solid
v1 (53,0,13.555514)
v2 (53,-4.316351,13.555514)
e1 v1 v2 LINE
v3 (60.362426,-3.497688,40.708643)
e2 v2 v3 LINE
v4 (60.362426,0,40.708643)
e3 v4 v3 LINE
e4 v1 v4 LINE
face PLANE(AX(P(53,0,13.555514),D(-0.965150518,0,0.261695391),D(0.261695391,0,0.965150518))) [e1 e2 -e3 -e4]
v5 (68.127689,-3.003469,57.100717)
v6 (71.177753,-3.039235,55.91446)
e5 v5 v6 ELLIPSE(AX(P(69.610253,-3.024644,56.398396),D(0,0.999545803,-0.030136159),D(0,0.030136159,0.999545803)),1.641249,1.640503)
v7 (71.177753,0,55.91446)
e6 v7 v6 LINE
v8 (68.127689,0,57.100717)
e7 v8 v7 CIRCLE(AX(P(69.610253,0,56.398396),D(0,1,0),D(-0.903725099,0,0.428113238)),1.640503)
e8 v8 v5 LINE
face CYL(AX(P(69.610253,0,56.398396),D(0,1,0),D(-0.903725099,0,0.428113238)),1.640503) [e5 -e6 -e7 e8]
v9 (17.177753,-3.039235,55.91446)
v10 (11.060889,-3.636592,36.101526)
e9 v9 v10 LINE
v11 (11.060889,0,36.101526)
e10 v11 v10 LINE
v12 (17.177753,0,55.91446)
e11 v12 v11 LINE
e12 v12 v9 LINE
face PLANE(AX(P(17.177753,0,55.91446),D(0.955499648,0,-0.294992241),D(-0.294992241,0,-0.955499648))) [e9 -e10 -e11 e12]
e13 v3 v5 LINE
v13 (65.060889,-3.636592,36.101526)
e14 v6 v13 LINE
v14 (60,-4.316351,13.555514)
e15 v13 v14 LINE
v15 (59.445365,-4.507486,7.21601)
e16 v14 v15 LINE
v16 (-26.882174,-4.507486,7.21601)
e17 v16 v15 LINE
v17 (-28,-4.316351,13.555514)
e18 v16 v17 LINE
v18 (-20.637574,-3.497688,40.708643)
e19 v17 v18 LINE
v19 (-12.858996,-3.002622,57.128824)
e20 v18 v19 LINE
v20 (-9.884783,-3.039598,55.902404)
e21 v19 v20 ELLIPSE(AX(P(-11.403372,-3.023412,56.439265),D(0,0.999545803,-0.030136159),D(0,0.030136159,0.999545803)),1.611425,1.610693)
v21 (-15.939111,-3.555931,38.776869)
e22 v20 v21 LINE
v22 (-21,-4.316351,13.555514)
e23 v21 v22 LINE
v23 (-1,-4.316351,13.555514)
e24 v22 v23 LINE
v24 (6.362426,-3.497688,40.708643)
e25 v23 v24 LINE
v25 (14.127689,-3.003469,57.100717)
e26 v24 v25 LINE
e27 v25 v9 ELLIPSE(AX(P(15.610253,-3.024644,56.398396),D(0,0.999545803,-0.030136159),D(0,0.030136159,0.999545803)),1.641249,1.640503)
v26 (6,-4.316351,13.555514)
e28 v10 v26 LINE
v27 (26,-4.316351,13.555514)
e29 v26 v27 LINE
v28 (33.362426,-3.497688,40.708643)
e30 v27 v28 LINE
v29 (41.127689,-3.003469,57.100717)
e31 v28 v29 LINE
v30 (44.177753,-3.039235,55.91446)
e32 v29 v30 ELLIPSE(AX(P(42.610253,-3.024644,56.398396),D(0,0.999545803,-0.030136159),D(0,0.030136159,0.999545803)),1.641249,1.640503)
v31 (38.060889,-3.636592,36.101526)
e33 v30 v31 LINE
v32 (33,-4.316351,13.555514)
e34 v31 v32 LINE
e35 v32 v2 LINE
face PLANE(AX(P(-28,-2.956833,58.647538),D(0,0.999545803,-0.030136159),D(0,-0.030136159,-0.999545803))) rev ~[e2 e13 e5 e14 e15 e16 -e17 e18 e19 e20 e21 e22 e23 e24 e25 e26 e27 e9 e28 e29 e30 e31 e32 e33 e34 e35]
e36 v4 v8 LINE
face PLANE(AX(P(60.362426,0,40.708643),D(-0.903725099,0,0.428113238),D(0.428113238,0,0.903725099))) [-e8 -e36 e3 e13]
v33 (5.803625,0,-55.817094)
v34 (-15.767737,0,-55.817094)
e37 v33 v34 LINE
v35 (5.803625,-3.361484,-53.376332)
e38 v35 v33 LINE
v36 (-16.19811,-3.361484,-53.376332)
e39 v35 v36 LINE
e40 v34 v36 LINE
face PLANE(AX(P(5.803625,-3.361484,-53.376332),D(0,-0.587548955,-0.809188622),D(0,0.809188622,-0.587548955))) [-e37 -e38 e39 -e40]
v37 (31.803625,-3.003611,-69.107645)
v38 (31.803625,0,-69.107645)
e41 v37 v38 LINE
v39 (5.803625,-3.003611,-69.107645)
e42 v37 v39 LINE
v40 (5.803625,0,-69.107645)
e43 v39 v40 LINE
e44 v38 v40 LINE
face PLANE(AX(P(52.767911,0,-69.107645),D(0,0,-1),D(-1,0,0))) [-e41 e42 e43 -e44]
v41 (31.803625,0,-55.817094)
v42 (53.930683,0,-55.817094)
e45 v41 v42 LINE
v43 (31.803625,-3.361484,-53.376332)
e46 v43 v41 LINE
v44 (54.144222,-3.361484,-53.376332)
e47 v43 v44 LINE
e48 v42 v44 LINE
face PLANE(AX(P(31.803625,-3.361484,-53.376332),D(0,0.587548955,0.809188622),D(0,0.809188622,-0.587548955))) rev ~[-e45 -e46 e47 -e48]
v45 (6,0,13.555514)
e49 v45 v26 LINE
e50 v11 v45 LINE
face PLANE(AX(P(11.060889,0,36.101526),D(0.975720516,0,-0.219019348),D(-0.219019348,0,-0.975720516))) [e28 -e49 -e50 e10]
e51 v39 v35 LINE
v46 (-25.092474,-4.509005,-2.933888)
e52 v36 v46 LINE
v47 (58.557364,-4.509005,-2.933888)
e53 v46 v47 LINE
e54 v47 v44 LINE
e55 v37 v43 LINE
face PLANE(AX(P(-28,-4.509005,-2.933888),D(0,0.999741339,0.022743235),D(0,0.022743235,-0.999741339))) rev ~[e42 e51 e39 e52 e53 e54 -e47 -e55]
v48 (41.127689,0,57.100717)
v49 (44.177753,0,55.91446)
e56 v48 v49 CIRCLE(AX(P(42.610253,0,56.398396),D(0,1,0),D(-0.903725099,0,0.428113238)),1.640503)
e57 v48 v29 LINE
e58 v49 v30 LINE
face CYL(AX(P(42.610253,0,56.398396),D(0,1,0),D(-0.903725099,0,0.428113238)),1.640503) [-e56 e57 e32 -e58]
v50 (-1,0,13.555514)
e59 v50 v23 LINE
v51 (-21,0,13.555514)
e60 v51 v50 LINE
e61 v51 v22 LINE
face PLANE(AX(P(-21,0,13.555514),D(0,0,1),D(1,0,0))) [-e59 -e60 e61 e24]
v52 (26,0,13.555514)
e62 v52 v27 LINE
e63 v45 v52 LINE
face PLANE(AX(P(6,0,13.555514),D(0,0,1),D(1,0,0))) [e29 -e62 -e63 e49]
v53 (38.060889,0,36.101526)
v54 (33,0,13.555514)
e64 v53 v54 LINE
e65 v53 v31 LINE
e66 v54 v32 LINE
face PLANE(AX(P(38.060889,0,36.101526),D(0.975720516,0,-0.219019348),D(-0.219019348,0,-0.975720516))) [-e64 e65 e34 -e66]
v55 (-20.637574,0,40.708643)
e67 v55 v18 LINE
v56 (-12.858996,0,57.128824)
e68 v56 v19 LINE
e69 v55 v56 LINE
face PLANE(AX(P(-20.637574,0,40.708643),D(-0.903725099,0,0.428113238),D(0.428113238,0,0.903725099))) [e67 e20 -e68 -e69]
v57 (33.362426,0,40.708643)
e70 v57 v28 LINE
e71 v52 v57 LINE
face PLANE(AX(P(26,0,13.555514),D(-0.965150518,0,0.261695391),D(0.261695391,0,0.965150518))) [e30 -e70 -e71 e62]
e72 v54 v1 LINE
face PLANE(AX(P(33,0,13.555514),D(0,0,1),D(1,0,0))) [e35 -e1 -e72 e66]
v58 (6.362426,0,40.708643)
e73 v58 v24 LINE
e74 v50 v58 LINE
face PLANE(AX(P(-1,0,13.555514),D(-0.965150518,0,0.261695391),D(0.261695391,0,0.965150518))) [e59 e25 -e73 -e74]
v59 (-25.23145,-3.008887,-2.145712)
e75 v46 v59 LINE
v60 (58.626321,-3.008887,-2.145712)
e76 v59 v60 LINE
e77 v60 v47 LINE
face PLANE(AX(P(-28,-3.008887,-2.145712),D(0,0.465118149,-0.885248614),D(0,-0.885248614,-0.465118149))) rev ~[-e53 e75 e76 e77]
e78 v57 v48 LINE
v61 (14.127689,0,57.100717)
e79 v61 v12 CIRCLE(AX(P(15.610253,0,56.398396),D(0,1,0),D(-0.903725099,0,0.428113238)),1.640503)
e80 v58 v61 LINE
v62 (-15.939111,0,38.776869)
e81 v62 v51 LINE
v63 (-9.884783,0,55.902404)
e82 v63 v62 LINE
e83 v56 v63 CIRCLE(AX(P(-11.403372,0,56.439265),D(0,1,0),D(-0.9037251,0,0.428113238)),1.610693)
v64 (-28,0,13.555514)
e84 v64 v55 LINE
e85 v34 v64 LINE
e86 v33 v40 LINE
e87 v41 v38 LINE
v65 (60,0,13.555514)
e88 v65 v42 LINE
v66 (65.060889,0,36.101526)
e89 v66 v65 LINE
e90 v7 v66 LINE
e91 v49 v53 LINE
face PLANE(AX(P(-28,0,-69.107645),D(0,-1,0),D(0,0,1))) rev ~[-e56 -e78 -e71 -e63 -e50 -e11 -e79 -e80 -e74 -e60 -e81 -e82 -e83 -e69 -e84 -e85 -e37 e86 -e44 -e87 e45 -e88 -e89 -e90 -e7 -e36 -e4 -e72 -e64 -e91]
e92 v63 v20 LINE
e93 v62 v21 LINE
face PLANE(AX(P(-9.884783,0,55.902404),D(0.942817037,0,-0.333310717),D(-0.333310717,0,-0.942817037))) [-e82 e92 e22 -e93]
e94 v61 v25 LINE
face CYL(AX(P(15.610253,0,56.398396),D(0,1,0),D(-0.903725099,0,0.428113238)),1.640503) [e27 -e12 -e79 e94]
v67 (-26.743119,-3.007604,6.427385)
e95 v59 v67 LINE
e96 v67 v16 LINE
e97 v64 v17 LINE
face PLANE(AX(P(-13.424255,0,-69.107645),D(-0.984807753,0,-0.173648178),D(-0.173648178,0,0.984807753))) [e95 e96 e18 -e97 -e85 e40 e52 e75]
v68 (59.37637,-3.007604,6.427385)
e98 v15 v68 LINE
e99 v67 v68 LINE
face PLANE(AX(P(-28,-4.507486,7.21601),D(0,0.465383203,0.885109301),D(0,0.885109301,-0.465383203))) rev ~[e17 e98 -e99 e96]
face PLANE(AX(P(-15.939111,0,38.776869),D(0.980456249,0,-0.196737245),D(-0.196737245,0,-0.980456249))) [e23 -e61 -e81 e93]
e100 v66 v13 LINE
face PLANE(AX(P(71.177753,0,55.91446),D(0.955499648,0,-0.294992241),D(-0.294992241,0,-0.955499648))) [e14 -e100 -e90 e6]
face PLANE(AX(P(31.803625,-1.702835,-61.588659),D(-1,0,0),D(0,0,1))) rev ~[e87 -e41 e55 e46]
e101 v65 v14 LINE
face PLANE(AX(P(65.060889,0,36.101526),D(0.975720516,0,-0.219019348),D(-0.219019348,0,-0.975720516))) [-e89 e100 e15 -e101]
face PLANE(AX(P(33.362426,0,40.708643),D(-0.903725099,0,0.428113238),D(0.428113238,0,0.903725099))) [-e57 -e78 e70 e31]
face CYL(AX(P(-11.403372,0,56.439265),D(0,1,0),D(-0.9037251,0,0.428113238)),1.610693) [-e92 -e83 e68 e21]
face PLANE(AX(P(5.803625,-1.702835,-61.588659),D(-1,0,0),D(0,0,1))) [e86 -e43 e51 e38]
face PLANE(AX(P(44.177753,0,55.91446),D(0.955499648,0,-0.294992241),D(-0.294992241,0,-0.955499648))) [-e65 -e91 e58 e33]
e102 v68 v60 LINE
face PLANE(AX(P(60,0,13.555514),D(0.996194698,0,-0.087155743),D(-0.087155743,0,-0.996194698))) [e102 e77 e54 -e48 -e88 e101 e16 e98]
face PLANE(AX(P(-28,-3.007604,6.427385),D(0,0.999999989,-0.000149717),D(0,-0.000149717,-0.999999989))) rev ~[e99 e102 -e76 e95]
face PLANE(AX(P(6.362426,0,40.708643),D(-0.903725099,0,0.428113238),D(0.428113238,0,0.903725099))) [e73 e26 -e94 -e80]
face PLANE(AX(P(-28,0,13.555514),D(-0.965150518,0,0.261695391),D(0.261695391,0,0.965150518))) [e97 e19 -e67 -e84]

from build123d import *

# Parameters (mm, degrees)
BOSS_EXTRUDE1_START = -28
BOSS_EXTRUDE1_DEPTH = 99.579374
SKETCH3_OUTSIDE_W   = 133.993
SKETCH3_OUTSIDE_H   = 162.204
CUT_EXTRUDE1_DEPTH  = 100.62191519
CUT_EXTRUDE2_START  = 5.803625
CUT_EXTRUDE2_DEPTH  = 106.16593176
CUT_EXTRUDE3_START  = 31.803625
CUT_EXTRUDE3_DEPTH  = 68.55868176


with BuildPart() as part:
    # Sketch2 → Boss-Extrude1 (new body)
    with BuildSketch(Plane(origin=(0, 0, 0), x_dir=(0, 0, -1), z_dir=(1, 0, 0)).offset(BOSS_EXTRUDE1_START)):
        Polygon((2.933887978, -4.509005443), (69.141796865, -3.002833844), (69.107645371, 0), (-58.647538152, 0), (-58.647538152, -2.95683283), (-7.216010497, -4.507485825), (-6.427384886, -3.00760388), (2.14571152, -3.008887422), align=None)
    extrude(amount=BOSS_EXTRUDE1_DEPTH)

    # Sketch3 outside → Cut-Extrude1 (cut, through all)
    with BuildSketch(Plane(origin=(0, 0, 0), x_dir=(1, 0, 0), z_dir=(0, 1, 0))):
        with Locations((21.7895, 5.247)):
            Rectangle(SKETCH3_OUTSIDE_W, SKETCH3_OUTSIDE_H)
        with BuildLine():
            Line((-28, -13.55551403), (-20.63757447, -40.708643472))
            Line((-20.63757447, -40.708643472), (-12.858995884, -57.128824119))
            ThreePointArc((-12.858995884, -57.128824119), (-10.789353945, -57.92833017), (-9.884782678, -55.902403591))
            Line((-9.884782678, -55.902403591), (-15.939111366, -38.776868951))
            Line((-15.939111366, -38.776868951), (-21, -13.55551403))
            Line((-21, -13.55551403), (-1, -13.55551403))
            Line((-1, -13.55551403), (6.36242553, -40.708643472))
            Line((6.36242553, -40.708643472), (14.127689055, -57.10071671))
            ThreePointArc((14.127689055, -57.10071671), (16.204899684, -57.927331709), (17.177753002, -55.914459936))
            Line((17.177753002, -55.914459936), (11.060888634, -36.101526091))
            Line((11.060888634, -36.101526091), (6, -13.55551403))
            Line((6, -13.55551403), (26, -13.55551403))
            Line((26, -13.55551403), (33.36242553, -40.708643472))
            Line((33.36242553, -40.708643472), (41.127689055, -57.10071671))
            ThreePointArc((41.127689055, -57.10071671), (43.204899684, -57.927331709), (44.177753002, -55.914459936))
            Line((44.177753002, -55.914459936), (38.060888634, -36.101526091))
            Line((38.060888634, -36.101526091), (33, -13.55551403))
            Line((33, -13.55551403), (53, -13.55551403))
            Line((53, -13.55551403), (60.36242553, -40.708643472))
            Line((60.36242553, -40.708643472), (68.127689055, -57.10071671))
            ThreePointArc((68.127689055, -57.10071671), (70.204899684, -57.927331709), (71.177753002, -55.914459936))
            Line((71.177753002, -55.914459936), (65.060888634, -36.101526091))
            Line((65.060888634, -36.101526091), (60, -13.55551403))
            Line((60, -13.55551403), (52.767910661, 69.107645371))
            Line((52.767910661, 69.107645371), (-13.424254687, 69.107645371))
            Line((-13.424254687, 69.107645371), (-28, -13.55551403))
        make_face(mode=Mode.SUBTRACT)
    extrude(amount=-CUT_EXTRUDE1_DEPTH, mode=Mode.SUBTRACT)

    # Sketch4 → Cut-Extrude2 (cut, through all)
    with BuildSketch(Plane(origin=(0, 0, 0), x_dir=(0, 0, -1), z_dir=(1, 0, 0)).offset(CUT_EXTRUDE2_START)):
        Polygon((53.376332261, -3.361484275), (55.817093933, 0), (69.107645371, 0), (69.141796865, -3.002833844), align=None)
    extrude(amount=-CUT_EXTRUDE2_DEPTH, mode=Mode.SUBTRACT)

    # Sketch4<2> → Cut-Extrude3 (cut, through all)
    with BuildSketch(Plane(origin=(0, 0, 0), x_dir=(0, 0, -1), z_dir=(1, 0, 0)).offset(CUT_EXTRUDE3_START)):
        Polygon((53.376332261, -3.361484275), (55.817093933, 0), (69.107645371, 0), (69.141796865, -3.002833844), align=None)
    extrude(amount=CUT_EXTRUDE3_DEPTH, mode=Mode.SUBTRACT)


solid = part.part
